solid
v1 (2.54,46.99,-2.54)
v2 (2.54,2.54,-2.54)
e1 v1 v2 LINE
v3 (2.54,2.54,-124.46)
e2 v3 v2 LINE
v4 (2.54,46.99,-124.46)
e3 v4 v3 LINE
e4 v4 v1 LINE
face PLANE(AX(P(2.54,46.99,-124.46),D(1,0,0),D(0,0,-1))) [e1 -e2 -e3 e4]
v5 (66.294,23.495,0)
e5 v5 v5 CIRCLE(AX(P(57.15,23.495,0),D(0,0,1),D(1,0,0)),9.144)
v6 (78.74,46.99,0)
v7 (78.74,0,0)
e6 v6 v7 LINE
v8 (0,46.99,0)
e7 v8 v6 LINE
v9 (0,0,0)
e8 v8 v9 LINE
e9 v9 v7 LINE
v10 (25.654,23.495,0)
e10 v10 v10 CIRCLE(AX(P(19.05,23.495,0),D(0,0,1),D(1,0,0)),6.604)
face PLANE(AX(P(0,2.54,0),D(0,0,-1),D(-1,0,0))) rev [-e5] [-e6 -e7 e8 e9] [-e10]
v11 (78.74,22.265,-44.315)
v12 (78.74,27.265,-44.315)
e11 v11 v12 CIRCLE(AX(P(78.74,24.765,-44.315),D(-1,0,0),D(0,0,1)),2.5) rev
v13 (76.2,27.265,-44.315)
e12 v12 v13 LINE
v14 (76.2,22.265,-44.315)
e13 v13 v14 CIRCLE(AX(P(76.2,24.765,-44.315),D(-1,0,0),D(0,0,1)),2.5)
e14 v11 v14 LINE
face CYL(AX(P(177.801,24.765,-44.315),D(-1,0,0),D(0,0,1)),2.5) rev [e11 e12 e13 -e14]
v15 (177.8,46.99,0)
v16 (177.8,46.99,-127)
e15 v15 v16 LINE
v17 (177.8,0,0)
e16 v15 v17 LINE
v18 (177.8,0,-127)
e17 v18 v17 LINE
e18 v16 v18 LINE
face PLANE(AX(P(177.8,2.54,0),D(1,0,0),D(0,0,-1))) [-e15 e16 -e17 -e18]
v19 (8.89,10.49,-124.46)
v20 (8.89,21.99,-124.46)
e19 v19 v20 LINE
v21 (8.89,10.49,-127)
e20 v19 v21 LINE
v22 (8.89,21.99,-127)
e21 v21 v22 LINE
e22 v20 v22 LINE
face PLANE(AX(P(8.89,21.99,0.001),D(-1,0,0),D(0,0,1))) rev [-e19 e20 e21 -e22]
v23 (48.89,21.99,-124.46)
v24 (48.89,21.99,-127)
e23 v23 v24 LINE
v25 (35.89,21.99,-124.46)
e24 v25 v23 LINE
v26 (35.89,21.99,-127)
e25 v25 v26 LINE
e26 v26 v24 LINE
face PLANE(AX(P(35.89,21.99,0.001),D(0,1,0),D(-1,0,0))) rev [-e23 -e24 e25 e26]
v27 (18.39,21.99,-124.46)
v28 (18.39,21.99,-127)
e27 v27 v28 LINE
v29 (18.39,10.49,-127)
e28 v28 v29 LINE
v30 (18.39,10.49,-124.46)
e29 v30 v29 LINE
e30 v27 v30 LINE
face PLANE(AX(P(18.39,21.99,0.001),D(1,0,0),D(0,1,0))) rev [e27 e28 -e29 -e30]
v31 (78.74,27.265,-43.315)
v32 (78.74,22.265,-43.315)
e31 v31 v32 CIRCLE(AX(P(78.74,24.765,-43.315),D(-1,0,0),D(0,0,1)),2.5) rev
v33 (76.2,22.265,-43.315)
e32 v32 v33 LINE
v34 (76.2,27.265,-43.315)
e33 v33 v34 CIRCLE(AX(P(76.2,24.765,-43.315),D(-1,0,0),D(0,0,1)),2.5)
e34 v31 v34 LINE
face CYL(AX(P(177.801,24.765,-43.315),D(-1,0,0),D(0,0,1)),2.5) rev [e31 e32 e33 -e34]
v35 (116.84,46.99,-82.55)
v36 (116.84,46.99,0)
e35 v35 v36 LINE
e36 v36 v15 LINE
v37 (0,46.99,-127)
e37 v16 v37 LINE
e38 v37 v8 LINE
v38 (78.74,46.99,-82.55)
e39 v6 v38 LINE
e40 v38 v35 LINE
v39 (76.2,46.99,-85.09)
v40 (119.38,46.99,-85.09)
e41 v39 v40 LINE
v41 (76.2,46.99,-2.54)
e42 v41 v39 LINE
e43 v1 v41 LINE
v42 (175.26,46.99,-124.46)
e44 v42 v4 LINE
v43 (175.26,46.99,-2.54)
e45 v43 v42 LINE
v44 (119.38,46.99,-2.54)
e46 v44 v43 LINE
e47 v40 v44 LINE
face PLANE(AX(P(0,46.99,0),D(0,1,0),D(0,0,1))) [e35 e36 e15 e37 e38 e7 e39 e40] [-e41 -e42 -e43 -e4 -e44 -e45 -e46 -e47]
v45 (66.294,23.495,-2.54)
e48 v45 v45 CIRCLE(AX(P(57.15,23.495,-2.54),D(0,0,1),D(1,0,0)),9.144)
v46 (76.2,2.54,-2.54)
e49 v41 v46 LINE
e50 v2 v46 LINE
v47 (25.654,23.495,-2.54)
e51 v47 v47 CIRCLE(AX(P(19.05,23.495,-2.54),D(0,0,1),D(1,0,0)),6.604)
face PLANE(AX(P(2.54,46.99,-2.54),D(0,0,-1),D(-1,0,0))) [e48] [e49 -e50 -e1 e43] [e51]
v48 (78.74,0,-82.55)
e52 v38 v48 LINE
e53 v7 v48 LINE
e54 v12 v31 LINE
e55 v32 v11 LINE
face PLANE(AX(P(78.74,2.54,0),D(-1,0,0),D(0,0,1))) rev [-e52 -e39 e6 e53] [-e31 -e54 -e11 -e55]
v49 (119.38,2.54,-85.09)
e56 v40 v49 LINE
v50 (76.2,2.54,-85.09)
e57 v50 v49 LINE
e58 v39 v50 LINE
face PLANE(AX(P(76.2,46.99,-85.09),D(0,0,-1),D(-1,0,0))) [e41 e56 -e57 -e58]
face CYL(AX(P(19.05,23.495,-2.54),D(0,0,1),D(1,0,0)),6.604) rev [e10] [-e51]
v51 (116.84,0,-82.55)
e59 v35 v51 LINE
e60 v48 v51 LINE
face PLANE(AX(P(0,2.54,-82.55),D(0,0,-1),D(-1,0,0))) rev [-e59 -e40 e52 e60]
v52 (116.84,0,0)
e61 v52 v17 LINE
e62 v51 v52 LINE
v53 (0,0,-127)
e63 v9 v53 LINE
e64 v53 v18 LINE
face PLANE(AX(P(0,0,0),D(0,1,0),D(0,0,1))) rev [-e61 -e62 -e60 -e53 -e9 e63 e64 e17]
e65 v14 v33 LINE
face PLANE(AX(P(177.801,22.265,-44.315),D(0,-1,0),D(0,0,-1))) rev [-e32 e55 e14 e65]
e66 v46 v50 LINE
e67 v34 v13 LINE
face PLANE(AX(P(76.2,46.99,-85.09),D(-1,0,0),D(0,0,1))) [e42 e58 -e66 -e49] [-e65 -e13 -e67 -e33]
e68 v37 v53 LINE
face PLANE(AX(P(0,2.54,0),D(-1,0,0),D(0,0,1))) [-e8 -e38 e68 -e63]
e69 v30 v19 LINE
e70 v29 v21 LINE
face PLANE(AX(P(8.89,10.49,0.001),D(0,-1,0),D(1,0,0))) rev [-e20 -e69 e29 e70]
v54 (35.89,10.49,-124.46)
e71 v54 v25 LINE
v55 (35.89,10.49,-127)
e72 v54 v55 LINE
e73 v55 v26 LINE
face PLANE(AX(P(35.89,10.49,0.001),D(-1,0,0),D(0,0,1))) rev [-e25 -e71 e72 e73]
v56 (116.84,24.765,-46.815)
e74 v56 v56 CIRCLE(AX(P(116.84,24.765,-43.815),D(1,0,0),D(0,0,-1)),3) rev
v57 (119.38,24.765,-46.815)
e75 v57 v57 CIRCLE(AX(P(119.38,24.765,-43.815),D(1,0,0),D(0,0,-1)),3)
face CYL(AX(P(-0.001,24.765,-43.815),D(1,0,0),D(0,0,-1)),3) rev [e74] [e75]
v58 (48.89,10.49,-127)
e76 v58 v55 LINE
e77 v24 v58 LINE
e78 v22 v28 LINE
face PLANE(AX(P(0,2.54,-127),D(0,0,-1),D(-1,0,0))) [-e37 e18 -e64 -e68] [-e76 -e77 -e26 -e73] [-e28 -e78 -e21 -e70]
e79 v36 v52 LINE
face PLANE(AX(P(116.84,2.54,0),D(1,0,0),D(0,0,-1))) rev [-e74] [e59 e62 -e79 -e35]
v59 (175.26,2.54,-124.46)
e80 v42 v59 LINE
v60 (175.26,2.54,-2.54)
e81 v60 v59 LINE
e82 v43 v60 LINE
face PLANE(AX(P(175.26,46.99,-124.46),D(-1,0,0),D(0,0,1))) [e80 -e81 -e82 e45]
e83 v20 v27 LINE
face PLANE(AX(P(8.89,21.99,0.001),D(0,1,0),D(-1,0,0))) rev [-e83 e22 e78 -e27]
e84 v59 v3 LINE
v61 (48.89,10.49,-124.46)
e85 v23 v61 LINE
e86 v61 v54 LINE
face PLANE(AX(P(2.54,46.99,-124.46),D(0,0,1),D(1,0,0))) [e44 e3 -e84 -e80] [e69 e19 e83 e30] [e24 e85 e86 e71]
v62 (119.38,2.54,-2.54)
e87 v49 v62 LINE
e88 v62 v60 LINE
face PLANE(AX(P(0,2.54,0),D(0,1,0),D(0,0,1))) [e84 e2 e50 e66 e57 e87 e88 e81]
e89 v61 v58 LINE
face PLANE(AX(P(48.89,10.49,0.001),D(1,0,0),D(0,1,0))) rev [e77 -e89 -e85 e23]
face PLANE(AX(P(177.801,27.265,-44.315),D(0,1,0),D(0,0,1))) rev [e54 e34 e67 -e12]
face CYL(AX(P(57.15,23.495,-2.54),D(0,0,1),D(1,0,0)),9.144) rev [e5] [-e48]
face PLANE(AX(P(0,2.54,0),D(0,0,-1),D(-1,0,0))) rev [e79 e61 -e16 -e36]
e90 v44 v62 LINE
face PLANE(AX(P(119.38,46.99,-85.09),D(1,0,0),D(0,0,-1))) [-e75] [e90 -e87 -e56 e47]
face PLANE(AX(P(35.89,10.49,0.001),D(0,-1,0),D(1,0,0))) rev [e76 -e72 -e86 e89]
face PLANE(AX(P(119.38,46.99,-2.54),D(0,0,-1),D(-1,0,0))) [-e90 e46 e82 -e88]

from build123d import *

# Parameters (mm, degrees)
SKETCH1_W           = 78.74
SKETCH1_H           = 127
SKETCH1_W_2         = 38.1
SKETCH1_H_2         = 44.45
BOSS_EXTRUDE1_DEPTH = 2.54
BOSS_EXTRUDE2_DEPTH = 44.45
CUT_EXTRUDE1_REACH  = 129
SKETCH3_W           = 9.5
SKETCH3_H           = 11.5
SKETCH3_W_2         = 13
CUT_EXTRUDE2_REACH  = 103.6
CUT_EXTRUDE3_REACH  = 121.38
SKETCH6_R           = 3
SKETCH29_R          = 9.144
SKETCH29_R_2        = 6.604
CUT_EXTRUDE8_DEPTH  = 2.54


with BuildPart() as part:
    # Sketch1 → Boss-Extrude1 (new body)
    with BuildSketch(Plane(origin=(0, 0, 0), x_dir=(1, 0, 0), z_dir=(0, 1, 0))):
        with Locations((39.37, 63.5)):
            Rectangle(SKETCH1_W, SKETCH1_H)
        with Locations((97.79, 104.775)):
            Rectangle(SKETCH1_W_2, SKETCH1_H_2)
        Polygon((116.84, 127), (116.84, 82.55), (116.84, 0), (177.8, 0), (177.8, 127), align=None)
    extrude(amount=BOSS_EXTRUDE1_DEPTH)

    # Sketch2 → Boss-Extrude2 (add)
    with BuildSketch(Plane(origin=(0, 2.54, 0), x_dir=(1, 0, 0), z_dir=(0, 1, 0))):
        Polygon((0, 127), (0, 0), (78.74, 0), (78.74, 82.55), (116.84, 82.55), (116.84, 0), (177.8, 0), (177.8, 127), align=None)
        Polygon((119.38, 2.54), (175.26, 2.54), (175.26, 124.46), (2.54, 124.46), (2.54, 2.54), (76.2, 2.54), (76.2, 85.09), (119.38, 85.09), align=None, mode=Mode.SUBTRACT)
    extrude(amount=BOSS_EXTRUDE2_DEPTH)

    # Sketch3 → Cut-Extrude1 (cut, up to next)
    with BuildSketch(Plane(origin=(0, 0, -127), x_dir=(-1, 0, 0), z_dir=(0, 0, -1)), mode=Mode.PRIVATE) as cut_extrude1_sk1:
        with Locations((-13.64, 16.24)):
            Rectangle(SKETCH3_W, SKETCH3_H)
    cut_extrude1_tool1 = extrude(cut_extrude1_sk1.sketch, amount=-CUT_EXTRUDE1_REACH, mode=Mode.PRIVATE) & part.part
    add(cut_extrude1_tool1.solids().sort_by_distance((13.64, 16.24, -127))[0], mode=Mode.SUBTRACT)
    # Sketch3 → Cut-Extrude1 (cut, up to next)
    with BuildSketch(Plane(origin=(0, 0, -127), x_dir=(-1, 0, 0), z_dir=(0, 0, -1)), mode=Mode.PRIVATE) as cut_extrude1_sk2:
        with Locations((-42.39, 16.24)):
            Rectangle(SKETCH3_W_2, SKETCH3_H)
    cut_extrude1_tool2 = extrude(cut_extrude1_sk2.sketch, amount=-CUT_EXTRUDE1_REACH, mode=Mode.PRIVATE) & part.part
    add(cut_extrude1_tool2.solids().sort_by_distance((42.39, 16.24, -127))[0], mode=Mode.SUBTRACT)

    # Sketch5 → Cut-Extrude2 (cut, up to next)
    with BuildSketch(Plane.ZY.offset(-76.2), mode=Mode.PRIVATE) as cut_extrude2_sk1:
        with BuildLine():
            Line((-44.315, 27.265), (-43.315, 27.265))
            ThreePointArc((-43.315, 27.265), (-40.815, 24.765), (-43.315, 22.265))
            Line((-43.315, 22.265), (-44.315, 22.265))
            ThreePointArc((-44.315, 22.265), (-46.815, 24.765), (-44.315, 27.265))
        make_face()
    cut_extrude2_tool1 = extrude(cut_extrude2_sk1.sketch, amount=-CUT_EXTRUDE2_REACH, mode=Mode.PRIVATE) & part.part
    add(cut_extrude2_tool1.solids().sort_by_distance((76.2, 24.765, -43.815))[0], mode=Mode.SUBTRACT)

    # Sketch6 → Cut-Extrude3 (cut, up to next)
    with BuildSketch(Plane(origin=(119.38, 0, 0), x_dir=(0, 0, -1), z_dir=(1, 0, 0)), mode=Mode.PRIVATE) as cut_extrude3_sk1:
        with Locations((43.815, 24.765)):
            Circle(SKETCH6_R)
    cut_extrude3_tool1 = extrude(cut_extrude3_sk1.sketch, amount=-CUT_EXTRUDE3_REACH, mode=Mode.PRIVATE) & part.part
    add(cut_extrude3_tool1.solids().sort_by_distance((119.38, 24.765, -43.815))[0], mode=Mode.SUBTRACT)

    # Sketch29 → Cut-Extrude8 (cut)
    with BuildSketch(Plane.XY):
        with Locations((57.15, 23.495)):
            Circle(SKETCH29_R)
        with Locations((19.05, 23.495)):
            Circle(SKETCH29_R_2)
    extrude(amount=-CUT_EXTRUDE8_DEPTH, mode=Mode.SUBTRACT)


solid = part.part
